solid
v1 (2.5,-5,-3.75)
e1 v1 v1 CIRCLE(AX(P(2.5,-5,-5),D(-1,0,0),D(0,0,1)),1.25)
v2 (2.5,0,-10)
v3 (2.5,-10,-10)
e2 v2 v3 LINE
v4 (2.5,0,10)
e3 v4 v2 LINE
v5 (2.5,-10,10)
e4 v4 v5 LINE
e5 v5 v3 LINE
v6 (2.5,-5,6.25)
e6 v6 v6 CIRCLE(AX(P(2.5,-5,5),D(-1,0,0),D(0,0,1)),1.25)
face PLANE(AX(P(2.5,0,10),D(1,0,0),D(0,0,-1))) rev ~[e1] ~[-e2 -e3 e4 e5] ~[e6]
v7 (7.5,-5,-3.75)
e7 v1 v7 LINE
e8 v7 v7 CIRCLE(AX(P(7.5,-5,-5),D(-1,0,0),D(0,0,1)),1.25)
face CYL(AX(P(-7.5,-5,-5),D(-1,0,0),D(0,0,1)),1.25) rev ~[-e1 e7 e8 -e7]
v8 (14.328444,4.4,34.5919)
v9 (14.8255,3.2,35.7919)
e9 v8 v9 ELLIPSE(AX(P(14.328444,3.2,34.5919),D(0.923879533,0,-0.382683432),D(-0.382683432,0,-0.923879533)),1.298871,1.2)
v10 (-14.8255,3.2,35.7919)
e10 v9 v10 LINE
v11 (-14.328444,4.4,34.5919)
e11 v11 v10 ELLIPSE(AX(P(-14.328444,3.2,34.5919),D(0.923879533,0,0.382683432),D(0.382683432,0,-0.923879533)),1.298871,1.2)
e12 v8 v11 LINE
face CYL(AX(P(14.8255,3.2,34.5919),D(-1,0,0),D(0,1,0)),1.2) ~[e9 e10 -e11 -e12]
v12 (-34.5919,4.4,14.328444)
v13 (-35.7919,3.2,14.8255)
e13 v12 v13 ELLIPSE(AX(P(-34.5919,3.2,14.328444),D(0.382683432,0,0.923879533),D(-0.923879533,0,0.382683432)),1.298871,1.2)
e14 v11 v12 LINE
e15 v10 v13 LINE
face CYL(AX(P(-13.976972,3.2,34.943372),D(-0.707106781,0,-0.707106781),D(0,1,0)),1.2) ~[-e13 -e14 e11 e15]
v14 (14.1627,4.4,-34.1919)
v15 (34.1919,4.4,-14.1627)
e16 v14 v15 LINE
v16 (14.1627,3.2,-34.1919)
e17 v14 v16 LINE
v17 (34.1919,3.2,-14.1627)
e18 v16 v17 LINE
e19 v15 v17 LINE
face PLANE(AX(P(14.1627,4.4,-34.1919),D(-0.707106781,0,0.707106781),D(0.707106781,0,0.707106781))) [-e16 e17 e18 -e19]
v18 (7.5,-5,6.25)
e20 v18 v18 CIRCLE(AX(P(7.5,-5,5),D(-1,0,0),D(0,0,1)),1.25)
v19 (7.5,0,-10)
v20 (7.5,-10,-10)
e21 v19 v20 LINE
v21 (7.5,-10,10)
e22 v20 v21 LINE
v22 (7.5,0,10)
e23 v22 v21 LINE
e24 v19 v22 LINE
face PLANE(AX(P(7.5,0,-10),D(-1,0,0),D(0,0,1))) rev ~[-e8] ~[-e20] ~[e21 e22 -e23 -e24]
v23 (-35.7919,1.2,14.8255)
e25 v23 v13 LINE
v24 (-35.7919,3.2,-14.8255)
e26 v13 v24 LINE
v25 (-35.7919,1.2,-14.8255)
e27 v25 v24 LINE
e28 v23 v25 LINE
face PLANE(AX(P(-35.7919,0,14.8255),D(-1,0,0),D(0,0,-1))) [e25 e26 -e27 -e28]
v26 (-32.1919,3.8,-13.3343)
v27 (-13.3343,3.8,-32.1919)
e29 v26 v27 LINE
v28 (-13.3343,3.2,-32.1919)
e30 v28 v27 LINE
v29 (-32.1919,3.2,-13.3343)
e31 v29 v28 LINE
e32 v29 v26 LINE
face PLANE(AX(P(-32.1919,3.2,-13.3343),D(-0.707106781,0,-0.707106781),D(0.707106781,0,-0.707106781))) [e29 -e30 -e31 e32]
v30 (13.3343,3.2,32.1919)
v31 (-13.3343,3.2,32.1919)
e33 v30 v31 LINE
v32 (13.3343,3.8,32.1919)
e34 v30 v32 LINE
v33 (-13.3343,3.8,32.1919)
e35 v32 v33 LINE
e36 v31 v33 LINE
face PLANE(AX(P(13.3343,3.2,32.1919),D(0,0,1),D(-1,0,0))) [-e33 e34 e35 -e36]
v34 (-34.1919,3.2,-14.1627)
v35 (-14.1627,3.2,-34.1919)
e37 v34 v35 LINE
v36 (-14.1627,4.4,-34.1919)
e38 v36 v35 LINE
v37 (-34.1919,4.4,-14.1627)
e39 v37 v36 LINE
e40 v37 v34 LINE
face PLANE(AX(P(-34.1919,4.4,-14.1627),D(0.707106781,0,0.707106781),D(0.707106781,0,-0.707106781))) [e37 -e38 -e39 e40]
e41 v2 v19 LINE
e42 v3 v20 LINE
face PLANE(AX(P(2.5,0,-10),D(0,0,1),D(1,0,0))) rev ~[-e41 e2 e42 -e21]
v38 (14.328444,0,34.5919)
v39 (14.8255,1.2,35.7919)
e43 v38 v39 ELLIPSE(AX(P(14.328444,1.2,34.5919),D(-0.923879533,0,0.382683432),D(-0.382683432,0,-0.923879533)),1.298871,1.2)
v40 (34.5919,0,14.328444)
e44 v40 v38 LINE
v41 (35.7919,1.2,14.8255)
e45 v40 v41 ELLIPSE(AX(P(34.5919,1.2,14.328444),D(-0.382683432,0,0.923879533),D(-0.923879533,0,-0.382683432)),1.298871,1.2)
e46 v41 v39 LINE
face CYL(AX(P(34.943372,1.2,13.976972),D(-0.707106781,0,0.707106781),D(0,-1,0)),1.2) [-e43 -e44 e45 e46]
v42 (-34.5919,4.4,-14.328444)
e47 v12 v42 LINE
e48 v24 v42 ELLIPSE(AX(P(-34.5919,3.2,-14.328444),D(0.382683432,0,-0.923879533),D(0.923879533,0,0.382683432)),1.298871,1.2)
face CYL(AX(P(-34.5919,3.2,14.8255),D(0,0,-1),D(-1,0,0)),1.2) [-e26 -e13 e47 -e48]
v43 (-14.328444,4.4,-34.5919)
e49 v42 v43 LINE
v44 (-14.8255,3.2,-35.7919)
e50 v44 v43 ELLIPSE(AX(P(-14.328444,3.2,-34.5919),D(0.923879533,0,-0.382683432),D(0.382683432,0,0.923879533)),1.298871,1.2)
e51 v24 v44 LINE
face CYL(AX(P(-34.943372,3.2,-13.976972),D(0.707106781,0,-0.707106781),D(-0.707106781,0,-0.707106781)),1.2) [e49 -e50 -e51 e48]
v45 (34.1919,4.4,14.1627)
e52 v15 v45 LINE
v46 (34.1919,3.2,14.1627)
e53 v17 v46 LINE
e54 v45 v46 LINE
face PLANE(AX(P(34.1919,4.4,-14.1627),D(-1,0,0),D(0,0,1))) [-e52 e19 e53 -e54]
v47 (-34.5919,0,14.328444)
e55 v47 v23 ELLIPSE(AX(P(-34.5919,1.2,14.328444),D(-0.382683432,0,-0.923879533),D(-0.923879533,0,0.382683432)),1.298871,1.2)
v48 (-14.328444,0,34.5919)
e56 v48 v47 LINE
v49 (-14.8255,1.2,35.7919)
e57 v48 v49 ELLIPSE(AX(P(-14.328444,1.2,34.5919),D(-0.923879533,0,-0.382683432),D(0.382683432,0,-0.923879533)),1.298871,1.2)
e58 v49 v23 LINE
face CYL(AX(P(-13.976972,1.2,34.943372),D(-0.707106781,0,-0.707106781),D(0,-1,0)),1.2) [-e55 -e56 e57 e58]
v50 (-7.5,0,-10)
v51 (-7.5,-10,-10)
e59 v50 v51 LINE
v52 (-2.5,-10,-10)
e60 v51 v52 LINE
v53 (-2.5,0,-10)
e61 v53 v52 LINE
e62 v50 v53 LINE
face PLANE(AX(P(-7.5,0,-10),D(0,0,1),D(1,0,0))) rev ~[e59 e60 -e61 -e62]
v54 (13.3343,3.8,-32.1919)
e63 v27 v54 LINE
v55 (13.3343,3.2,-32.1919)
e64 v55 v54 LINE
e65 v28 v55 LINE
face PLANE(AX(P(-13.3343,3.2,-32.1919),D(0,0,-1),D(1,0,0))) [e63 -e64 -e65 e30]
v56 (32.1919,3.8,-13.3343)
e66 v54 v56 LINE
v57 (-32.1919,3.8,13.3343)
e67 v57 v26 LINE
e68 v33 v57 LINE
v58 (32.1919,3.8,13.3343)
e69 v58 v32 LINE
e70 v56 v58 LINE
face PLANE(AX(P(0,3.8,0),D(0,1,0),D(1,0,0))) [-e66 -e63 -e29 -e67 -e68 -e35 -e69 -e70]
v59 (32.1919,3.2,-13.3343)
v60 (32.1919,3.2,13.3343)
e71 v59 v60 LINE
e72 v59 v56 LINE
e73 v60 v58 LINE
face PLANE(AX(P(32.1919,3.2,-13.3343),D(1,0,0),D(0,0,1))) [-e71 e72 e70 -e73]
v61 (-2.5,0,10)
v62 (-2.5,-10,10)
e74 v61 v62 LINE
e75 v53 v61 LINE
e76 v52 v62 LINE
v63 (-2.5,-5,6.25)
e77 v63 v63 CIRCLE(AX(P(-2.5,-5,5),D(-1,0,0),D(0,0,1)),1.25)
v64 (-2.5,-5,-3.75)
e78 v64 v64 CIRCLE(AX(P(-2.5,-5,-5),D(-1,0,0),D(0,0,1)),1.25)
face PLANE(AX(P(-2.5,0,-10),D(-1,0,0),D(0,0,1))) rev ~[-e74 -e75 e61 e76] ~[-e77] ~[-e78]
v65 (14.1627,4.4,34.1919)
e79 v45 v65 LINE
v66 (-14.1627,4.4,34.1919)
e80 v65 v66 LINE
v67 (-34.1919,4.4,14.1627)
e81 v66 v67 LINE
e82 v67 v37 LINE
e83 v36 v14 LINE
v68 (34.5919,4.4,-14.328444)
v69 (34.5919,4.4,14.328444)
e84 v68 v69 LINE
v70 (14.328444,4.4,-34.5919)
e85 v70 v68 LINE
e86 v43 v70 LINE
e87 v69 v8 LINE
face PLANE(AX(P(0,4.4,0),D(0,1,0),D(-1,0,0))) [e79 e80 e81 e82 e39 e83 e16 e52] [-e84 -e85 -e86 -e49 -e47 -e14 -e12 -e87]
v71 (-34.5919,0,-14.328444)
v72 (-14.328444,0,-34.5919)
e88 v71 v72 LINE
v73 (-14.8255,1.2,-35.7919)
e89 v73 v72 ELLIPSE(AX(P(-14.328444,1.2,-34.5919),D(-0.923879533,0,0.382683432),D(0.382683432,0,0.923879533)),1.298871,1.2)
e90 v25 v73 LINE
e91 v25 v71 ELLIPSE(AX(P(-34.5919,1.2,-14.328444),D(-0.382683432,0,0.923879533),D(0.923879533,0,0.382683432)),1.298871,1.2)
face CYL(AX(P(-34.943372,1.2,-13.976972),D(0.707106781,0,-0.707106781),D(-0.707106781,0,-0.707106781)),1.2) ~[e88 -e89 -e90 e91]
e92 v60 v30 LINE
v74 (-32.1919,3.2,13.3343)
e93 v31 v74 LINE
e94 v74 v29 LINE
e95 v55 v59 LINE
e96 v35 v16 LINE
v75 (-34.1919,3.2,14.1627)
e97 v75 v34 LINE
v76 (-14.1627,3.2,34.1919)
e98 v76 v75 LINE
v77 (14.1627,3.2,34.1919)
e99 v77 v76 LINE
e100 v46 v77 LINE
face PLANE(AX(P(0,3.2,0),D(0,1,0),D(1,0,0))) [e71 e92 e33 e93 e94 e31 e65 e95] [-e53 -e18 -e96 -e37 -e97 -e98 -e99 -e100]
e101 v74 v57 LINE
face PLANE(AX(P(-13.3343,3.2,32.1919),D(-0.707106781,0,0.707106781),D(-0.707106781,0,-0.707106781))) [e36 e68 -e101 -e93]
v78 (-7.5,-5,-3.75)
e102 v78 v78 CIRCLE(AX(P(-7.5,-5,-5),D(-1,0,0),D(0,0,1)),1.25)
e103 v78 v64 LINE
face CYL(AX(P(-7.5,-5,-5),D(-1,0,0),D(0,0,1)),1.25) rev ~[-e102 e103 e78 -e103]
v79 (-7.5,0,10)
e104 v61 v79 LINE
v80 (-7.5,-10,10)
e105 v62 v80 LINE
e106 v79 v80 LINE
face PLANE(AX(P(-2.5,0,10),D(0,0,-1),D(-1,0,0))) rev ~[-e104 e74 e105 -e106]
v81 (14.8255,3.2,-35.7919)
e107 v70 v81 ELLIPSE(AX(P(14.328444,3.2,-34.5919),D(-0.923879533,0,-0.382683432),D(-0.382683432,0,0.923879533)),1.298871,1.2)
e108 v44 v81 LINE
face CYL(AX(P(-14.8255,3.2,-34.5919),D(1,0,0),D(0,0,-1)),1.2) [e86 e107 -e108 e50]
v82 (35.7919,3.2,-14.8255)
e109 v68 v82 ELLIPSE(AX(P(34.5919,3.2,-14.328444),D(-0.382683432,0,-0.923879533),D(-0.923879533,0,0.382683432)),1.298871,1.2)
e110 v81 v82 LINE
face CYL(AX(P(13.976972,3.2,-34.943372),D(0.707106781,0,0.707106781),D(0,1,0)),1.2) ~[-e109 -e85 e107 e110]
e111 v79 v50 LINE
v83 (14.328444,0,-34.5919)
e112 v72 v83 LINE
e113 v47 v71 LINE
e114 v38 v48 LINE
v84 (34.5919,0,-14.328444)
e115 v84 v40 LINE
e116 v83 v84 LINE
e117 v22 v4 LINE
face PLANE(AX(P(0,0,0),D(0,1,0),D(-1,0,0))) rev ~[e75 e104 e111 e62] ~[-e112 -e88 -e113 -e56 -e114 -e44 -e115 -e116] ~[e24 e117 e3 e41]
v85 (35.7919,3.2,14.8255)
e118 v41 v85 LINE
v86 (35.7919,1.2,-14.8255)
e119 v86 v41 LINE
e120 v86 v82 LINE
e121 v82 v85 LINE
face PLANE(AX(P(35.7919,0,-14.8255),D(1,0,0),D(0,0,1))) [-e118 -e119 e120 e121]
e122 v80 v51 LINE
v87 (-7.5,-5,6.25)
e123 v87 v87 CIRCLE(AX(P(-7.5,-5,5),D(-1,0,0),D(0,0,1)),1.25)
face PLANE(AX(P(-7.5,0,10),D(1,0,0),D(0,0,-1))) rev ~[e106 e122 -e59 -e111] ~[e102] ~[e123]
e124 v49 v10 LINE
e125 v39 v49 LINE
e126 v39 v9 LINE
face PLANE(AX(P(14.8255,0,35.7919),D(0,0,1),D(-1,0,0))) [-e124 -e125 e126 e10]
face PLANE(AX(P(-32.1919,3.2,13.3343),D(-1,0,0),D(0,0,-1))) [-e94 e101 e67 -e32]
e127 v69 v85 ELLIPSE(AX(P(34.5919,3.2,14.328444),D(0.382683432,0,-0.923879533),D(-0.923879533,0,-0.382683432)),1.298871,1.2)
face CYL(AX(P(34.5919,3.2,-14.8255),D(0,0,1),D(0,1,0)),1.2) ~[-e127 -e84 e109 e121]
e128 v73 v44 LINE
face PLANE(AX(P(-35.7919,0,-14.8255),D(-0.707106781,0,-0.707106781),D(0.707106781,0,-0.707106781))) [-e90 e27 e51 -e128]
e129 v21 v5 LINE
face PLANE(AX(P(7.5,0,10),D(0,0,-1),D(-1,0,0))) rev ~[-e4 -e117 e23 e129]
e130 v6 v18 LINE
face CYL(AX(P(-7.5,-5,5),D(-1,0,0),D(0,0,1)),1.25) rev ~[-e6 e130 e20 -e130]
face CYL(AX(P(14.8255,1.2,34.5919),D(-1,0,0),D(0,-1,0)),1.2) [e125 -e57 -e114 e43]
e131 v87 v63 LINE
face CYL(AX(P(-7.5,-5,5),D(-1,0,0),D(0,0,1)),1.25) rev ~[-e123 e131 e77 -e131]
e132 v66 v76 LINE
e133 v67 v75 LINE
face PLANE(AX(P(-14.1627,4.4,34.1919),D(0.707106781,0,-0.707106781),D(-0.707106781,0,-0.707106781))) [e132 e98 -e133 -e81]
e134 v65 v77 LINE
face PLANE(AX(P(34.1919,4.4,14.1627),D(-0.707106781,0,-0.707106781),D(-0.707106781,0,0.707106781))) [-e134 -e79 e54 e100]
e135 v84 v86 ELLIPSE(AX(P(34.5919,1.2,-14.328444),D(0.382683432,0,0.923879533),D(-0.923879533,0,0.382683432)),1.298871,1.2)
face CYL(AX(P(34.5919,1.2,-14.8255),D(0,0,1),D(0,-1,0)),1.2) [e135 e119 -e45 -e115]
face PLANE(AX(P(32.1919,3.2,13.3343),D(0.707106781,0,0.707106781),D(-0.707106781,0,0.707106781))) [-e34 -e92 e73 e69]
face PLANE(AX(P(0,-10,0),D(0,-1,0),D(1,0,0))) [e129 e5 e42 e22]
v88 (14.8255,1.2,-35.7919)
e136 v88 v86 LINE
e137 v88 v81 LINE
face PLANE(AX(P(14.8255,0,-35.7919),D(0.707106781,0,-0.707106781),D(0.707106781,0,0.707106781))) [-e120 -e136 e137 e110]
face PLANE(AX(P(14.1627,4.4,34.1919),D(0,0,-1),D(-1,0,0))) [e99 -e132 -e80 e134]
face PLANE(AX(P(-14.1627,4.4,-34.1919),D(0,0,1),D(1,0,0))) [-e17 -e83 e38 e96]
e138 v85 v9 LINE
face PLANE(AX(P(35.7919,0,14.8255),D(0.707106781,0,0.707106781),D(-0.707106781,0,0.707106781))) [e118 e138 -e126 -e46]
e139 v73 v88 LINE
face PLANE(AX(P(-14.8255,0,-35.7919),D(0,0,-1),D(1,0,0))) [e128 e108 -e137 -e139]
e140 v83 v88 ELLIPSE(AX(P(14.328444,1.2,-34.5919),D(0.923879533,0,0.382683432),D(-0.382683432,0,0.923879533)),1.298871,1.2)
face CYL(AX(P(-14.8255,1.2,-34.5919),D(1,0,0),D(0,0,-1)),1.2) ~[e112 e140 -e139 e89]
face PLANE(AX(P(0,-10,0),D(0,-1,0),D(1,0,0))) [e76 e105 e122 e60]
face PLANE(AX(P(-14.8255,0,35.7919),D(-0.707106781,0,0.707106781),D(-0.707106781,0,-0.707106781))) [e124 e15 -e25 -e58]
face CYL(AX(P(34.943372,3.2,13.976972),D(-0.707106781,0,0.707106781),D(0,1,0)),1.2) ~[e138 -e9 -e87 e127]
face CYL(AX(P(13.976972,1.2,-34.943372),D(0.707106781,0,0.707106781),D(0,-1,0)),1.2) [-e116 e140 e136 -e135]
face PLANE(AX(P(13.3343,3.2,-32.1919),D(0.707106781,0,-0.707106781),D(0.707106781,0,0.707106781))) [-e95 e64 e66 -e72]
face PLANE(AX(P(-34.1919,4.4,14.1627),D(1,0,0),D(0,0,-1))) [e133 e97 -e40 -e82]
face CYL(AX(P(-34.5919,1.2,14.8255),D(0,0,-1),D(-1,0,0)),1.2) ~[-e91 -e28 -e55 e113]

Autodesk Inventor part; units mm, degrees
ref_plane "YZ Plane" through (0, 0, 0) normal (1, 0, 0) x (0, 1, 0)
ref_plane "XZ Plane" through (0, 0, 0) normal (0, 1, 0) x (-1, 0, 0)
ref_plane "XY Plane" through (0, 0, 0) normal (0, 0, 1) x (1, 0, 0)
sketch "스케치3" plane through (0, 0, 0) normal (0, 1, 0) x (-1, 0, 0)
  line L0 (35.7919, -14.8255) -> (14.8255, -35.7919)
  line L1 (14.8255, -35.7919) -> (-14.8255, -35.7919)
  line L2 (-14.8255, -35.7919) -> (-35.7919, -14.8255)
  line L3 (-35.7919, -14.8255) -> (-35.7919, 14.8255)
  line L4 (-35.7919, 14.8255) -> (-14.8255, 35.7919)
  line L5 (-14.8255, 35.7919) -> (14.8255, 35.7919)
  line L6 (14.8255, 35.7919) -> (35.7919, 14.8255)
  line L7 (35.7919, 14.8255) -> (35.7919, -14.8255)
  line L8 (13.5, -32.5919) -> (-13.5, -32.5919)
  line L9 (-13.5, -32.5919) -> (-32.5919, -13.5)
  line L10 (-32.5919, -13.5) -> (-32.5919, 13.5)
  line L11 (-32.5919, 13.5) -> (-13.5, 32.5919)
  line L12 (-13.5, 32.5919) -> (13.5, 32.5919)
  line L13 (13.5, 32.5919) -> (32.5919, 13.5)
  line L14 (32.5919, 13.5) -> (32.5919, -13.5)
  line L15 (32.5919, -13.5) -> (13.5, -32.5919)
  point P0 (0, 0)
  point P1 (0, 0)
  point P2 (0, 0)
  point P3 (0, 0)
  dimension "d66" = 27
  dimension "d67" = 3.2
extrude "돌출2" add sketch "스케치3" along normal blind 4.4 contours L0 L1 L2 L3 L4 L5 L6 L7 | L8 L9 L10 L11 L12 L13 L14 L15
sketch "스케치4" plane through (0, 4.4, 0) normal (0, 1, 0) x (1, 0, 0)
  line L0 (13.5, -32.5919) -> (-13.5, -32.5919)
  line L1 (-13.5, -32.5919) -> (-32.5919, -13.5)
  line L2 (-32.5919, -13.5) -> (-32.5919, 13.5)
  line L3 (-32.5919, 13.5) -> (-13.5, 32.5919)
  line L4 (-13.5, 32.5919) -> (13.5, 32.5919)
  line L5 (13.5, 32.5919) -> (32.5919, 13.5)
  line L6 (32.5919, 13.5) -> (32.5919, -13.5)
  line L7 (32.5919, -13.5) -> (13.5, -32.5919)
  line L8 (-14.1627, 34.1919) -> (14.1627, 34.1919)
  line L9 (14.1627, 34.1919) -> (34.1919, 14.1627)
  line L10 (34.1919, 14.1627) -> (34.1919, -14.1627)
  line L11 (34.1919, -14.1627) -> (14.1627, -34.1919)
  line L12 (14.1627, -34.1919) -> (-14.1627, -34.1919)
  line L13 (-14.1627, -34.1919) -> (-34.1919, -14.1627)
  line L14 (-34.1919, -14.1627) -> (-34.1919, 14.1627)
  line L15 (-34.1919, 14.1627) -> (-14.1627, 34.1919)
  line L16 (-13.3343, 32.1919) -> (13.3343, 32.1919)
  line L17 (13.3343, 32.1919) -> (32.1919, 13.3343)
  line L18 (32.1919, 13.3343) -> (32.1919, -13.3343)
  line L19 (32.1919, -13.3343) -> (13.3343, -32.1919)
  line L20 (13.3343, -32.1919) -> (-13.3343, -32.1919)
  line L21 (-13.3343, -32.1919) -> (-32.1919, -13.3343)
  line L22 (-32.1919, -13.3343) -> (-32.1919, 13.3343)
  line L23 (-32.1919, 13.3343) -> (-13.3343, 32.1919)
  line L24 (-14.8255, 35.7919) -> (-35.7919, 14.8255) projected
  point P0 (0, 0)
  point P1 (0, 0)
  point P2 (0, 0)
  point P3 (0, 0)
  dimension "d7" = 27
  dimension "d99" = 1.6
  dimension "d100" = 2
extrude "돌출3" cut sketch "스케치4" against normal blind 1.2 contours L0 L1 L2 L3 L4 L5 L6 L7 | L8 L9 L10 L11 L12 L13 L14 L15 | L16 L17 L18 L19 L20 L21 L22 L23
sketch "스케치9" plane through (0, 0, 0) normal (0, -1, 0) x (1, 0, 0)
  line L0 (7.5, 10) -> (2.5, 10)
  line L1 (2.5, 10) -> (2.5, -10)
  line L2 (2.5, -10) -> (7.5, -10)
  line L3 (7.5, -10) -> (7.5, 10)
  line L4 (7.5, 10) -> (2.5, -10) construction
  line L5 (2.5, 10) -> (7.5, -10) construction
  line L6 (-2.5, 10) -> (-7.5, 10)
  line L7 (-7.5, 10) -> (-7.5, -10)
  line L8 (-7.5, -10) -> (-2.5, -10)
  line L9 (-2.5, 10) -> (-7.5, -10) construction
  line L10 (-7.5, 10) -> (-2.5, -10) construction
  line L11 (-2.5, -10) -> (-2.5, 10)
  point P0 (0, 0)
  point P1 (5, 0)
  point P2 (-5, 0)
  dimension "d42" = 20
  dimension "d43" = 5
  dimension "d44" = 2.5
  dimension "d47" = 10
extrude "돌출8" add sketch "스케치9" along normal blind 10
sketch "스케치10" plane through (-7.5, 0, -10) normal (-1, 0, 0) x (0, 0, 1)
  circle A0 centre (15, -5) radius 1.25
  line L0 (19.9591, 0) -> (0.0886, 0)
  line L1 (24.8255, 0) -> (-4.8255, 0) projected
  circle A1 centre (5, -5) radius 1.25
  line L2 (20, 0) -> (20, -10) projected
  point P0 (10, 0)
  dimension "d54" = 2.5
  dimension "d57" = 10
  dimension "d62" = 5
  dimension "d63" = 5
extrude "돌출9" cut sketch "스케치10" against normal blind 20
sketch "스케치11" plane through (0, 3.2, 0) normal (0, 1, 0) x (1, 0, 0)
  line L0 (-13.3343, 32.1919) -> (13.3343, 32.1919)
  line L1 (13.3343, 32.1919) -> (32.1919, 13.3343)
  line L2 (32.1919, 13.3343) -> (32.1919, -13.3343)
  line L3 (32.1919, -13.3343) -> (13.3343, -32.1919)
  line L4 (13.3343, -32.1919) -> (-13.3343, -32.1919)
  line L5 (-13.3343, -32.1919) -> (-32.1919, -13.3343)
  line L6 (-32.1919, -13.3343) -> (-32.1919, 13.3343)
  line L7 (-32.1919, 13.3343) -> (-13.3343, 32.1919)
  line L8 (-14.1627, 34.1919) -> (14.1627, 34.1919) projected
  line L9 (-12.0917, 29.1919) -> (12.0917, 29.1919)
  line L10 (12.0917, 29.1919) -> (29.1919, 12.0917)
  line L11 (29.1919, 12.0917) -> (29.1919, -12.0917)
  line L12 (29.1919, -12.0917) -> (12.0917, -29.1919)
  line L13 (12.0917, -29.1919) -> (-12.0917, -29.1919)
  line L14 (-12.0917, -29.1919) -> (-29.1919, -12.0917)
  line L15 (-29.1919, -12.0917) -> (-29.1919, 12.0917)
  line L16 (-29.1919, 12.0917) -> (-12.0917, 29.1919)
  point P0 (0, 0)
  point P1 (0, 0)
  point P2 (0, 0)
  dimension "d70" = 2
  dimension "d71" = 3
extrude "돌출10" add sketch "스케치11" along normal blind 0.6 contours L0 L1 L2 L3 L4 L5 L6 L7 | L9 L10 L11 L12 L13 L14 L15 L16
fillet "모깎기1" radius 1.2 16 edges at (-25.3087, 4.4, 25.3087) (0, 4.4, 35.7919) (25.3087, 4.4, 25.3087) (35.7919, 4.4, 0) (25.3087, 4.4, -25.3087) (0, 4.4, -35.7919) (-25.3087, 4.4, -25.3087) (-35.7919, 4.4, 0) (-25.3087, 0, 25.3087) (0, 0, 35.7919) (25.3087, 0, 25.3087) (35.7919, 0, 0) (25.3087, 0, -25.3087) (0, 0, -35.7919) (-25.3087, 0, -25.3087) (-35.7919, 0, 0)
properties part number "OV-PAM_bottom_2"
